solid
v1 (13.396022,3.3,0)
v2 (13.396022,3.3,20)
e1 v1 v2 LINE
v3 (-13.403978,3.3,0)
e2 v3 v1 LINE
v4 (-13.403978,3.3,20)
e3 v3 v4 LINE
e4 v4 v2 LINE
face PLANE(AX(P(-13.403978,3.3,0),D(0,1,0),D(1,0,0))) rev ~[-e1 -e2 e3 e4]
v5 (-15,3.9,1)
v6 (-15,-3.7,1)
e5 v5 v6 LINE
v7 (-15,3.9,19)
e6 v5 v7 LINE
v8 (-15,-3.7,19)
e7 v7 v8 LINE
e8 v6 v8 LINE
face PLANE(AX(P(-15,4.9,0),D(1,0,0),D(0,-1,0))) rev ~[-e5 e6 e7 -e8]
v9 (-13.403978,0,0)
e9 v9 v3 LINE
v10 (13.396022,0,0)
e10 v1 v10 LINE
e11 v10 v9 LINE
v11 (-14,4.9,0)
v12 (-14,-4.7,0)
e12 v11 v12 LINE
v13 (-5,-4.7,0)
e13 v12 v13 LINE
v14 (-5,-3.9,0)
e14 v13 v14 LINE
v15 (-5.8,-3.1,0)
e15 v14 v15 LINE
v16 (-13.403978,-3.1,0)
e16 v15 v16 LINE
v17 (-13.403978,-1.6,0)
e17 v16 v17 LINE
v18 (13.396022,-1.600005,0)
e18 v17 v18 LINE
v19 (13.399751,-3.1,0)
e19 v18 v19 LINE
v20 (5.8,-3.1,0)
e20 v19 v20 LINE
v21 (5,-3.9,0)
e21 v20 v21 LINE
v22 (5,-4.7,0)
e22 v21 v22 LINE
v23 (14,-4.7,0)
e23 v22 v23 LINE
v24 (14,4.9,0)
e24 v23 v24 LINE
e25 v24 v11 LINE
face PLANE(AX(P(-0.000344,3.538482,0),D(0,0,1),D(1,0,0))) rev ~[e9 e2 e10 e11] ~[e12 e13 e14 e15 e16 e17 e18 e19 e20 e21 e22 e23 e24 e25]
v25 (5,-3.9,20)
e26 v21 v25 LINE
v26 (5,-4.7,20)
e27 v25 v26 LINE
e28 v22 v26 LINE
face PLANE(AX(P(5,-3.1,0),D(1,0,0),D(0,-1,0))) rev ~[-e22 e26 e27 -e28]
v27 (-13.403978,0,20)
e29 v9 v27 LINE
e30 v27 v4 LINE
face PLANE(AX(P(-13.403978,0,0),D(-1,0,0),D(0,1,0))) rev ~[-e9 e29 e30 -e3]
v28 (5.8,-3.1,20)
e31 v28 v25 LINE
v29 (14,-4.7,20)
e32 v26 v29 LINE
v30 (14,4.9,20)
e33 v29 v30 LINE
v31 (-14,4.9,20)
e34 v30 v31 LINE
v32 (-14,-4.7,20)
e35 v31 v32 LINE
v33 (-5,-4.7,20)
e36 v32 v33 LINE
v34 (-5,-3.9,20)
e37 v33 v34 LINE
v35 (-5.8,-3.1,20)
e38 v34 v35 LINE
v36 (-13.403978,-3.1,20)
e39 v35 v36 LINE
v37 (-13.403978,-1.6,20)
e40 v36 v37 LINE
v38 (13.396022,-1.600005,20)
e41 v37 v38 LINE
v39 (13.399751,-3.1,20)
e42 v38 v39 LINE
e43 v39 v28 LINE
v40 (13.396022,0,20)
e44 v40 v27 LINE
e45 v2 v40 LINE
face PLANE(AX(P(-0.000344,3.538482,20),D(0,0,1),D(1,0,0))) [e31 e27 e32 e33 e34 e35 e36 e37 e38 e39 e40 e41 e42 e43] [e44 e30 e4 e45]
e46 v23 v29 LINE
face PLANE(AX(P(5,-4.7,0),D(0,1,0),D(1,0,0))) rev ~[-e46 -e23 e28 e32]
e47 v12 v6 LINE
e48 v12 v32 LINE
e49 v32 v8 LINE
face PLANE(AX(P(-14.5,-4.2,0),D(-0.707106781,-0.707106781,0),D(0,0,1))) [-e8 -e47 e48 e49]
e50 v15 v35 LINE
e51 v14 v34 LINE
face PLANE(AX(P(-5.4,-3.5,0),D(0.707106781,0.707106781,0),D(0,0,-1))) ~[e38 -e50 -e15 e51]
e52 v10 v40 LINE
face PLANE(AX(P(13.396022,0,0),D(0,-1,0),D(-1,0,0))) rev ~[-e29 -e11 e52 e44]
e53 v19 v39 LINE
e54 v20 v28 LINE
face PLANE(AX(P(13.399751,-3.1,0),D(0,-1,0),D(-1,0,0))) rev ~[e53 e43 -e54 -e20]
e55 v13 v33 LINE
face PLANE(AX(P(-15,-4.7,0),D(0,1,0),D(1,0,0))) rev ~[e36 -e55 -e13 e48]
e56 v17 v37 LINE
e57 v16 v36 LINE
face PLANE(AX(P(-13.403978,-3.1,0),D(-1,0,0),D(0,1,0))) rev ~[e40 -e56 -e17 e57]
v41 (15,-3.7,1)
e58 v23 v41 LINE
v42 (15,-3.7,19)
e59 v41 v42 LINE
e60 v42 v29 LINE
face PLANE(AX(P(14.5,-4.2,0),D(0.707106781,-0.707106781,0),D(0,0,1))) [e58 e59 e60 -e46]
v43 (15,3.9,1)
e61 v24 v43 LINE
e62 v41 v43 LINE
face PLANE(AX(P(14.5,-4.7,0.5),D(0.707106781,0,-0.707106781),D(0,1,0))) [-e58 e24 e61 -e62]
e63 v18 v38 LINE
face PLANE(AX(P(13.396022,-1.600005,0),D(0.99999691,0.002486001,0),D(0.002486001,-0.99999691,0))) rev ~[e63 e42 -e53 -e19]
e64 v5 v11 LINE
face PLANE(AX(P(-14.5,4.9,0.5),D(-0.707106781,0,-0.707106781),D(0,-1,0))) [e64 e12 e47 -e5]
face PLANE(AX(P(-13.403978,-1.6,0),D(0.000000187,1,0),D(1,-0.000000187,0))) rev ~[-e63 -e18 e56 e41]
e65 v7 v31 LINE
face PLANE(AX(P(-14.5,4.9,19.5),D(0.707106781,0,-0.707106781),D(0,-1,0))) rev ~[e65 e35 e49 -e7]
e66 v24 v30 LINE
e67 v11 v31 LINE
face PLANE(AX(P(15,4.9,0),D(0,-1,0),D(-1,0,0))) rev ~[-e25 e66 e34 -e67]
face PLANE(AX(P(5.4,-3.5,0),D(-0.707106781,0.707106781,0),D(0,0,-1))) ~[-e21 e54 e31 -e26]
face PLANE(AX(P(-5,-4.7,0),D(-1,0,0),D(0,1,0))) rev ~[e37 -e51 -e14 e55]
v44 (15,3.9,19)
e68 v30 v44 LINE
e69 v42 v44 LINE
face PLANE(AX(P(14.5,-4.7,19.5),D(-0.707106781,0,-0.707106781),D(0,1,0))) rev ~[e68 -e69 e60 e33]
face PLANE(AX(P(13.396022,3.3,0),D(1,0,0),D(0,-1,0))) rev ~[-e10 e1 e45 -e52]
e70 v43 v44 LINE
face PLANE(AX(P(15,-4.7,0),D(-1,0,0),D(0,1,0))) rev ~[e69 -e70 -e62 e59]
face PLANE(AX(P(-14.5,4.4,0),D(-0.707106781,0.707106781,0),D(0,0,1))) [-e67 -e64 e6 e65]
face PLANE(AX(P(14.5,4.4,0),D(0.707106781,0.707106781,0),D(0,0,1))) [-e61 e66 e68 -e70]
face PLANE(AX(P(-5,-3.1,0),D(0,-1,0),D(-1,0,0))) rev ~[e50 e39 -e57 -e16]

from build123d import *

# Parameters (mm, degrees)
F1_DEPTH = 20
F2_SIZE  = 0.8
F3_SIZE  = 1


with BuildPart() as f1:
    # F0 (on Top) → F1 (new body)
    with BuildSketch(Plane.XY):
        Polygon((-15, 4.9), (-15, 0), (-13.403978, 0), (-13.403978, 3.3), (13.396022, 3.3), (13.396022, 0), (15, 0), (15, 4.9), align=None)
        Polygon((-13.403978, 0), (-15, 0), (-15, -4.7), (-5, -4.7), (-5, -3.1), (-13.403978, -3.1), (-13.403978, -1.6), (13.396022, -1.600005), (13.399751, -3.1), (5, -3.1), (5, -4.7), (15, -4.7), (15, 0), (13.396022, 0), align=None)
    extrude(amount=F1_DEPTH)

    # F2
    f2_edges = [f1.edges().sort_by_distance(p)[0] for p in [
        (-5, -3.1, 10),
        (5, -3.1, 10),
    ]]
    chamfer(f2_edges, length=F2_SIZE)

    # F3
    f3_edges = [f1.edges().sort_by_distance(p)[0] for p in [
        (-15, 4.9, 10),
        (-15, 0.1, 20),
        (-15, -4.7, 10),
        (-15, 0.1, 0),
        (15, 4.9, 10),
        (15, 0.1, 0),
        (15, -4.7, 10),
        (15, 0.1, 20),
    ]]
    chamfer(f3_edges, length=F3_SIZE)


solid = f1.part
